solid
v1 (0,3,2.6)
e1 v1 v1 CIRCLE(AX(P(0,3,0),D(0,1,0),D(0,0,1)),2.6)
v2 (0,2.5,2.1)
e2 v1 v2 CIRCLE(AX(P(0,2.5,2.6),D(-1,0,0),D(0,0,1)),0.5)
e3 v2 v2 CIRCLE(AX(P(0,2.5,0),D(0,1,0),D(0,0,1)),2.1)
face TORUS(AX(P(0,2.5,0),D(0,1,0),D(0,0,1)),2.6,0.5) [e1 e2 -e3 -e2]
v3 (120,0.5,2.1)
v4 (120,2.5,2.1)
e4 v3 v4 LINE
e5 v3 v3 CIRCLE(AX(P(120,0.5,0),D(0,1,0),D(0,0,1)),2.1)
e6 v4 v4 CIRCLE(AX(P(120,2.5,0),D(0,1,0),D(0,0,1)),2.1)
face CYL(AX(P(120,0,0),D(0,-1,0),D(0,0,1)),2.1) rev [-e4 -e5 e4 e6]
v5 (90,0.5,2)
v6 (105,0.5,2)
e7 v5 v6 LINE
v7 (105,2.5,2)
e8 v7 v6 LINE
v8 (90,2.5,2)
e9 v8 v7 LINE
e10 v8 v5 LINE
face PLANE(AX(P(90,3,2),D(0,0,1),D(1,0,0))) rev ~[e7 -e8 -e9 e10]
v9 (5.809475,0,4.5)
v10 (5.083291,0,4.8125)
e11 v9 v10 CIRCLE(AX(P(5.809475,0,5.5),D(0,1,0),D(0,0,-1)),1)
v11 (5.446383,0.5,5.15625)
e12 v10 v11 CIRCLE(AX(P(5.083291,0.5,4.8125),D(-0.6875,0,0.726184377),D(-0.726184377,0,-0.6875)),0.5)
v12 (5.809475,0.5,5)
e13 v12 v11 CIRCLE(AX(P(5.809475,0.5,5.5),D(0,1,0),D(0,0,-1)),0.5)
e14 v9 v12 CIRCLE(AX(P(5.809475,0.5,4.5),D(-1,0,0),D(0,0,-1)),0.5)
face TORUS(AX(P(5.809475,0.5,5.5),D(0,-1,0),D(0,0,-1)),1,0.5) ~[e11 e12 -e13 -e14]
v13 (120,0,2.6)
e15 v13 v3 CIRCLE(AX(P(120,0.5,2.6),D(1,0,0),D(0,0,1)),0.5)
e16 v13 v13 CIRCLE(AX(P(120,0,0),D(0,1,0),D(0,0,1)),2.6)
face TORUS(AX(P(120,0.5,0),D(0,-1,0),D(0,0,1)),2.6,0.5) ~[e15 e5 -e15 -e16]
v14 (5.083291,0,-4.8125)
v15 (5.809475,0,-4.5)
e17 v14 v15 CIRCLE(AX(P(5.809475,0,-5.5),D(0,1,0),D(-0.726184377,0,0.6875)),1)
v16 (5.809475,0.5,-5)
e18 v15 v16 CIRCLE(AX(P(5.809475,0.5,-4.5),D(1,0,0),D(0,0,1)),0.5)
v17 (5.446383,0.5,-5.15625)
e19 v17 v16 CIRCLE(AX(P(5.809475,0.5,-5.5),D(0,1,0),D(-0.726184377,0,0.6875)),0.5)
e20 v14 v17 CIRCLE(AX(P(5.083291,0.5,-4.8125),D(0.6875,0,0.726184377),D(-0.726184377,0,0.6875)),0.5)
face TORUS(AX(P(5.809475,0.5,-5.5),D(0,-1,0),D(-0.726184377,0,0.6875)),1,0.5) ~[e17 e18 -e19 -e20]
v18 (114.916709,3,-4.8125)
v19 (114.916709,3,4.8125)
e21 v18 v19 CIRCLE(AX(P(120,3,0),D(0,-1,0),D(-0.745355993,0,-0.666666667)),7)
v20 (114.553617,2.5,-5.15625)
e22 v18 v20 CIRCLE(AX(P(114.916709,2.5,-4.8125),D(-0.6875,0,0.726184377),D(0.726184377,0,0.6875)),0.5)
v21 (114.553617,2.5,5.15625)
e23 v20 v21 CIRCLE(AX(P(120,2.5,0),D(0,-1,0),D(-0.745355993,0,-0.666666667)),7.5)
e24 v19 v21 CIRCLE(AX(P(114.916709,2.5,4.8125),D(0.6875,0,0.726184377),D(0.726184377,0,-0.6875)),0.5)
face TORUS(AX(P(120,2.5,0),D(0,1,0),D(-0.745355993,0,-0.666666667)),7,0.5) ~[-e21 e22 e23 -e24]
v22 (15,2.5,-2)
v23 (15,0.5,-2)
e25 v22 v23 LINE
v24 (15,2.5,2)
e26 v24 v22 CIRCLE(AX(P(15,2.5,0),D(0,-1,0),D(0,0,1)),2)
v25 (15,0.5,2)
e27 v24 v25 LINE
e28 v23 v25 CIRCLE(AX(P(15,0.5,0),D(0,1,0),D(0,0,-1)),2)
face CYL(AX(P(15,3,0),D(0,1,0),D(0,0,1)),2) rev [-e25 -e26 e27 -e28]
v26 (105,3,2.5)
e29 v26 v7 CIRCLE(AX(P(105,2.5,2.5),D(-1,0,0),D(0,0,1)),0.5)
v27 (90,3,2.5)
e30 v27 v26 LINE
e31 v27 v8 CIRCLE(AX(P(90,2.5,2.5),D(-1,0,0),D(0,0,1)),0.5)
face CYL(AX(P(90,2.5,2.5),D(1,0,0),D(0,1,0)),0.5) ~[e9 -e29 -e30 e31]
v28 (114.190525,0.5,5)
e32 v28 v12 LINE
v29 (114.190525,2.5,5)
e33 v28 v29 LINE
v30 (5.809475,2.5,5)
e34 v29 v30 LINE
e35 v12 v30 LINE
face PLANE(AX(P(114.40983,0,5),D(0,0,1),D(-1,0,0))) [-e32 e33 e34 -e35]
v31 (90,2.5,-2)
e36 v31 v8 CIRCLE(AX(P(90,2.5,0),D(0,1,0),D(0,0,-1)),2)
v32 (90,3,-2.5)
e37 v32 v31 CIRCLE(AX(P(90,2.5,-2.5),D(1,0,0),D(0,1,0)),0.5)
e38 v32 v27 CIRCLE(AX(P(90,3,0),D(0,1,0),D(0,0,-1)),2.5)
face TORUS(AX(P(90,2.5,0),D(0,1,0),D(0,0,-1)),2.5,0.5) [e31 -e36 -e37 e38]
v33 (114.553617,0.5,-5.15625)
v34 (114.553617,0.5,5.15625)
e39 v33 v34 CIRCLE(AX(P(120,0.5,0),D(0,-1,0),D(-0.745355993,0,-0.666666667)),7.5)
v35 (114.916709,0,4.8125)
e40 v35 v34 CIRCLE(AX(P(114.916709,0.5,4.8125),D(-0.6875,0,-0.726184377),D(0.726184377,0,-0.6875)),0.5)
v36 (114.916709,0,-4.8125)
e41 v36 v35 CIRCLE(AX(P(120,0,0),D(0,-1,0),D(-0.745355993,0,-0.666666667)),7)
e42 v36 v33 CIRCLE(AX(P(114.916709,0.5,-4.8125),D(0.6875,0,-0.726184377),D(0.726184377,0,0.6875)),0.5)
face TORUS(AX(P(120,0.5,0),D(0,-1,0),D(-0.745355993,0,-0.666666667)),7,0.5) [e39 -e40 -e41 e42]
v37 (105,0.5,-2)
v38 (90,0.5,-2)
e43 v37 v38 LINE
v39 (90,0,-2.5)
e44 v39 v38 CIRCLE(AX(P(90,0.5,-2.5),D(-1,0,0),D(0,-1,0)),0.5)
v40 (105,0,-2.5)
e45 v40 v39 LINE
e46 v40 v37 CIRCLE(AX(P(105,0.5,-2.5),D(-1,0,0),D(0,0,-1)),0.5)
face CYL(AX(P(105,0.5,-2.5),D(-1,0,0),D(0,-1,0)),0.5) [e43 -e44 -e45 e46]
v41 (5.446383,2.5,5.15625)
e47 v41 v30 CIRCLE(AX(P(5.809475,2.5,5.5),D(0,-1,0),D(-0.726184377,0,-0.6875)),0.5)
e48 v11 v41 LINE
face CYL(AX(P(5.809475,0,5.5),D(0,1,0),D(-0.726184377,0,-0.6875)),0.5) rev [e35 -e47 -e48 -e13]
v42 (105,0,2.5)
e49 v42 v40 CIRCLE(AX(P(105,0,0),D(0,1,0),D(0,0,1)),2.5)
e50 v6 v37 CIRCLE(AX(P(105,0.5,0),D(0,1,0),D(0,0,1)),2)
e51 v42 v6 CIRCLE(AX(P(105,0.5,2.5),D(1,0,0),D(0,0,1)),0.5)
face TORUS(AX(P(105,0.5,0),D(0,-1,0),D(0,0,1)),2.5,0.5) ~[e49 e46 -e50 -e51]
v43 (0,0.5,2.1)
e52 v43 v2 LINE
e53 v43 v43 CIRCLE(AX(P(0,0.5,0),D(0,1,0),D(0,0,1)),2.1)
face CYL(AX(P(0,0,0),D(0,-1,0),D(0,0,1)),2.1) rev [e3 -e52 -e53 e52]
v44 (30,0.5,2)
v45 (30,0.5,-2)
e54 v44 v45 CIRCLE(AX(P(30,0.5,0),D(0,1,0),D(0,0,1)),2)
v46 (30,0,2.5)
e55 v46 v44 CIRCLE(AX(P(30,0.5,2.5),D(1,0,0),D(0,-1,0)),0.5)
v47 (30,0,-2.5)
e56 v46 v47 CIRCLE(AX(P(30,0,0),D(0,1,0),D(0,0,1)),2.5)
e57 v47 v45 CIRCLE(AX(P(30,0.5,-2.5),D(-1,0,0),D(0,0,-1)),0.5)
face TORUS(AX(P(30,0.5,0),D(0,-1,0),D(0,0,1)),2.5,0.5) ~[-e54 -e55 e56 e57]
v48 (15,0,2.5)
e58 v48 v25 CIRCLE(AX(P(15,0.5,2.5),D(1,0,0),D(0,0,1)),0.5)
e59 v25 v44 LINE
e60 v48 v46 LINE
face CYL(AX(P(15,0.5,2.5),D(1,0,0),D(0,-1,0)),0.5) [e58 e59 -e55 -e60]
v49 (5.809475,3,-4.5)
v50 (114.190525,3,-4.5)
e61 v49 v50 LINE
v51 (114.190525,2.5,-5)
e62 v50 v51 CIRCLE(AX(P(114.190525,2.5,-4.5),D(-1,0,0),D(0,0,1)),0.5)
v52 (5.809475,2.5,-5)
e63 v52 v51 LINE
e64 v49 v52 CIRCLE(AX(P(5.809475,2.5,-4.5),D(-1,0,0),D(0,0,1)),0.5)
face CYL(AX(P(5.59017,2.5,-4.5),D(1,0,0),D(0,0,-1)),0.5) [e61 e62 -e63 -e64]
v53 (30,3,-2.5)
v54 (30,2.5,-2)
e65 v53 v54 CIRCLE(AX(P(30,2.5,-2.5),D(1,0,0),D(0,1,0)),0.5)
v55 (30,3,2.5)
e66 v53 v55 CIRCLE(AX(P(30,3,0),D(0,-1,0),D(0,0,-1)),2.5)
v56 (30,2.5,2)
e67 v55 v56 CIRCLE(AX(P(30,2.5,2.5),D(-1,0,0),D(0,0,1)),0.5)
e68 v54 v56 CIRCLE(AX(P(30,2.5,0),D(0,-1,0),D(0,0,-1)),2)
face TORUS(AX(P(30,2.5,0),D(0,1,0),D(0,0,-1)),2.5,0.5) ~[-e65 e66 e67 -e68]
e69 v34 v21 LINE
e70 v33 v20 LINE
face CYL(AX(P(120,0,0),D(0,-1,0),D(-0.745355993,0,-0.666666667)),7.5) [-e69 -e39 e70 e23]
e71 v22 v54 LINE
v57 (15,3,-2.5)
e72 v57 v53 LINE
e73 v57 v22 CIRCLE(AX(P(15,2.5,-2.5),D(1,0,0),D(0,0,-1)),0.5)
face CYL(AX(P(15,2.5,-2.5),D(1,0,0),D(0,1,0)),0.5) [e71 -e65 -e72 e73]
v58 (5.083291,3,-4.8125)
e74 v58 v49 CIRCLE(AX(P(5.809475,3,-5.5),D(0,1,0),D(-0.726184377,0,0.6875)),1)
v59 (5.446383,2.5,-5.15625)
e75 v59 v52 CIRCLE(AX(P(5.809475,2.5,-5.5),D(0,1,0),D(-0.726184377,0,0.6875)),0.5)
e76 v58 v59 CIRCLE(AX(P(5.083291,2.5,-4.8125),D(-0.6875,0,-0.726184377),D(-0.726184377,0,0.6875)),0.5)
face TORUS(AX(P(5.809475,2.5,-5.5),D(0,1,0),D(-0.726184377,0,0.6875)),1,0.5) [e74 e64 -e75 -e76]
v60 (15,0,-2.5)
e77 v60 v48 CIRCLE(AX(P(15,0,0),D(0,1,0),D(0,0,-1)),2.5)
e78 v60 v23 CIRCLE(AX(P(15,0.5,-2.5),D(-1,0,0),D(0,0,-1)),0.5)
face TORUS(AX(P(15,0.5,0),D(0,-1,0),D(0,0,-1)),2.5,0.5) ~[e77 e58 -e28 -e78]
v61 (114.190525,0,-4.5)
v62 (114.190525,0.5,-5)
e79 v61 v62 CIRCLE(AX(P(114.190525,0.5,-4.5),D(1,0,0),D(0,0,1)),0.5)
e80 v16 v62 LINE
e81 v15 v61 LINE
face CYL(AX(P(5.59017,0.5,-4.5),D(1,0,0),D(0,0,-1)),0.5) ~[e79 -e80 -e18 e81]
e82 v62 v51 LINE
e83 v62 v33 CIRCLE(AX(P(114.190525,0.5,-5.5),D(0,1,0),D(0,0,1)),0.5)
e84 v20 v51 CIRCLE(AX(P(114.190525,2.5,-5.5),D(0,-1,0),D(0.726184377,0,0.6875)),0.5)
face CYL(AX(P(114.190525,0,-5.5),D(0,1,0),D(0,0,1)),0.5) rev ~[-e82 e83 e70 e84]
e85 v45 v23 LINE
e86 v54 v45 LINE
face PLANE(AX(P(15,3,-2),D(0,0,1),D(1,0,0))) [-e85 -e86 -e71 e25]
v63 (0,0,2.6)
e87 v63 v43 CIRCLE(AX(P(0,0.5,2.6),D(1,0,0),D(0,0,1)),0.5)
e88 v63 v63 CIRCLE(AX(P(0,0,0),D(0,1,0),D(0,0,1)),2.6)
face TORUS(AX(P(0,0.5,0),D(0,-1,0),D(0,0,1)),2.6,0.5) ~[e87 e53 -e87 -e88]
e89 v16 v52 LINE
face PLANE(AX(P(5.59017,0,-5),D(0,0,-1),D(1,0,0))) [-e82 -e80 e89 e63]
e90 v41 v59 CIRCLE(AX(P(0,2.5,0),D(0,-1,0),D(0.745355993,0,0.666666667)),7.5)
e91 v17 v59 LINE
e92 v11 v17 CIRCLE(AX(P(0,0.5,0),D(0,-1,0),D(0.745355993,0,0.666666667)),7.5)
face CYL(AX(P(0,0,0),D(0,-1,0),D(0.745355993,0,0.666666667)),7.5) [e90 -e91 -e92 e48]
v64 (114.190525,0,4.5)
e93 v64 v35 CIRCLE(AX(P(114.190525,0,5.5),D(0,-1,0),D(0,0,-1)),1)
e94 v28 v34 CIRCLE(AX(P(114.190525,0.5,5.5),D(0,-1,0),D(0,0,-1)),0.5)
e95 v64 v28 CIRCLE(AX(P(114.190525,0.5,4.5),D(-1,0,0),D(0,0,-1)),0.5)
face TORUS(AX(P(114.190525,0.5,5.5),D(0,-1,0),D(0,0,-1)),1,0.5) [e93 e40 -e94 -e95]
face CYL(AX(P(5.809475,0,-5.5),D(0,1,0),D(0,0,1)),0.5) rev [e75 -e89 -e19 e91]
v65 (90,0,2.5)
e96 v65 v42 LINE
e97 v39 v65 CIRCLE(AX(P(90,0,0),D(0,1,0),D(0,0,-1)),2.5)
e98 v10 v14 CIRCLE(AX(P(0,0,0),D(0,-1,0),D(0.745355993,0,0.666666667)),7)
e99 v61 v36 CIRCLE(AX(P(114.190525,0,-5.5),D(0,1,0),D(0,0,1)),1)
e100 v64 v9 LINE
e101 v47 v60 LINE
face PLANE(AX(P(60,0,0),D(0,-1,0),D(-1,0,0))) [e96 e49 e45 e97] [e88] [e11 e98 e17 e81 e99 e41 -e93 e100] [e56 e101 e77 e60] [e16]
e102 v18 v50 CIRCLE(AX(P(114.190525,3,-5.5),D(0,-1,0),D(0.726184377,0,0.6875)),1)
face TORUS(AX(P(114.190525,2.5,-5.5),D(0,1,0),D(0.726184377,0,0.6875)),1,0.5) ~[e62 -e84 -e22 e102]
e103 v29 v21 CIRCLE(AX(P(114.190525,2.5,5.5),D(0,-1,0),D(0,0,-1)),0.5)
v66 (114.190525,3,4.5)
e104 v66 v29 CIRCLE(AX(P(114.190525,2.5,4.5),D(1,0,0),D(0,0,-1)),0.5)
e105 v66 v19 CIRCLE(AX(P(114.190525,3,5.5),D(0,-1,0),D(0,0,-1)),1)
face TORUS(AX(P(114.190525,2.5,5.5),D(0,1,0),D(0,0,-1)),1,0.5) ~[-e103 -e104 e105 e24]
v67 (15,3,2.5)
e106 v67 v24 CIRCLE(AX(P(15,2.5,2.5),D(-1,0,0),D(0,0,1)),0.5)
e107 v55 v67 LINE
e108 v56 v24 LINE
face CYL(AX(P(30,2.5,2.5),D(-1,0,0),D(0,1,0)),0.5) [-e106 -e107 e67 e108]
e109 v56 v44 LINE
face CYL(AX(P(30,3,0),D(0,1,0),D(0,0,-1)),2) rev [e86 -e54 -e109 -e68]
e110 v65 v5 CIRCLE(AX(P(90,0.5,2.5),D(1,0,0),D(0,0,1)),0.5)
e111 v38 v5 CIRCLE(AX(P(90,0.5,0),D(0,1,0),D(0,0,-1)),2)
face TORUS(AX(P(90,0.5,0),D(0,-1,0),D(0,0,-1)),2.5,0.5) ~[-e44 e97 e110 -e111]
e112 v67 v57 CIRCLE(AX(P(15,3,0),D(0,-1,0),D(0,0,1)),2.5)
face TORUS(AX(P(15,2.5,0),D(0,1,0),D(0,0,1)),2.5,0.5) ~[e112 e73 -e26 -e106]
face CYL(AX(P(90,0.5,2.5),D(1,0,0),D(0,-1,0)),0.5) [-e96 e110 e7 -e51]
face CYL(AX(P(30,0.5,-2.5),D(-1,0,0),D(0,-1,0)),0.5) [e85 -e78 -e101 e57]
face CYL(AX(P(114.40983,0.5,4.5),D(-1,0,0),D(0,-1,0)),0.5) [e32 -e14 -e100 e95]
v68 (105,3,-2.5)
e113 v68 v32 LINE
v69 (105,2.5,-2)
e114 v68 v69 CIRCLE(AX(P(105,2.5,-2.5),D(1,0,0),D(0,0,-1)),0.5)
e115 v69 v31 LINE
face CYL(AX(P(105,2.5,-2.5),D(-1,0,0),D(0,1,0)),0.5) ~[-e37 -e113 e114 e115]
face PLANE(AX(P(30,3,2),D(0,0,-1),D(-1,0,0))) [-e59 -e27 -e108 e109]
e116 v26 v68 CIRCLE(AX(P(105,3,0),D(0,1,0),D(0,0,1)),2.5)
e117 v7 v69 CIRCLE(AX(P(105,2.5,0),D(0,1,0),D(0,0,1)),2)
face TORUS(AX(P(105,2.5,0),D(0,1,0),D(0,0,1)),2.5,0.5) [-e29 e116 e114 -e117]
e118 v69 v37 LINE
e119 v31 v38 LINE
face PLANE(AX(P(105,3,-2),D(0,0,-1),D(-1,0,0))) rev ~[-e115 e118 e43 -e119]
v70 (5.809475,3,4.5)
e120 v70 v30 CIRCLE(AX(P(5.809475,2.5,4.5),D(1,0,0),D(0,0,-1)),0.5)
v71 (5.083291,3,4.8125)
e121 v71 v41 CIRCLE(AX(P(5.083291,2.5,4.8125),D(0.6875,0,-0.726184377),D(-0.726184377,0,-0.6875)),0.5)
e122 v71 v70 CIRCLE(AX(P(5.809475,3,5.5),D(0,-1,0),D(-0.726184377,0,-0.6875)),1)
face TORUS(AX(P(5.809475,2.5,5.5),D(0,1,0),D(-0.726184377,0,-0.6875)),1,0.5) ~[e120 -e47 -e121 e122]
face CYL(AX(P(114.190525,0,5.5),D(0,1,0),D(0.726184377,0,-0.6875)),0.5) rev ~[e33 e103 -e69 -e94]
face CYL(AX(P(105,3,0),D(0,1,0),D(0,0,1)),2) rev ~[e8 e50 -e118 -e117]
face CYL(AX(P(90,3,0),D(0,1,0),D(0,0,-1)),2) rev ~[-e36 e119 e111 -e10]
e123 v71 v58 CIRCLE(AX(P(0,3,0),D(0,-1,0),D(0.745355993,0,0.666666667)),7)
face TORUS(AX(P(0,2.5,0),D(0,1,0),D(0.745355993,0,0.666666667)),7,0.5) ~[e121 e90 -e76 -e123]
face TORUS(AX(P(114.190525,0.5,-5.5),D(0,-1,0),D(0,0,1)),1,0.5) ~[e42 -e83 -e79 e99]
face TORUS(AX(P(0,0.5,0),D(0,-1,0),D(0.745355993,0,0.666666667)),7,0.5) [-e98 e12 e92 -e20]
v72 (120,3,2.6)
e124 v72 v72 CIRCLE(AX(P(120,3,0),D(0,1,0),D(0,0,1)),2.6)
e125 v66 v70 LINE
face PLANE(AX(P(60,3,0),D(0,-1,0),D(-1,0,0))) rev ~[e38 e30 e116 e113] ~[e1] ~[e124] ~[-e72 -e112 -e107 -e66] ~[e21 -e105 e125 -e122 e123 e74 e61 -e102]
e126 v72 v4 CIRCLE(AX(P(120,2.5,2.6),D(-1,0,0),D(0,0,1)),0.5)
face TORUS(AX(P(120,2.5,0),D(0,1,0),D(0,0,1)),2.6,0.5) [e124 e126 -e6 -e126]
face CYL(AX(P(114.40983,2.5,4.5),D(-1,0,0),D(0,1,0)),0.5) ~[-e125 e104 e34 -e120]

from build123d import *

# Parameters (mm, degrees)
SKETCH1_R           = 2.1
BOSS_EXTRUDE1_DEPTH = 3
CUT_EXTRUDE1_DEPTH  = 128.755626099
FILLET1_R           = 0.5


with BuildPart() as part:
    # Sketch1 → Boss-Extrude1 (new body)
    with BuildSketch(Plane(origin=(0, 0, 0), x_dir=(1, 0, 0), z_dir=(0, 1, 0))):
        with BuildLine():
            Line((5.590169944, 5), (114.409830056, 5))
            ThreePointArc((114.409830056, 5), (127.5, 0), (114.409830056, -5))
            Line((114.409830056, -5), (5.590169944, -5))
            ThreePointArc((5.590169944, -5), (-7.5, 0), (5.590169944, 5))
        make_face()
        with Locations(Location((0, 0, 0), (0, 0, 270))):
            Circle(SKETCH1_R, mode=Mode.SUBTRACT)
        with Locations(Location((120, 0, 0), (0, 0, 270))):
            Circle(SKETCH1_R, mode=Mode.SUBTRACT)
    extrude(amount=BOSS_EXTRUDE1_DEPTH)

    # Sketch2 → Cut-Extrude1 (cut, through all)
    with BuildSketch(Plane(origin=(0, 3, 0), x_dir=(1, 0, 0), z_dir=(0, 1, 0))):
        with BuildLine():
            Line((15, 2), (30, 2))
            ThreePointArc((30, 2), (32, 0), (30, -2))
            Line((30, -2), (15, -2))
            ThreePointArc((15, -2), (13, 0), (15, 2))
        make_face()
        with BuildLine():
            Line((105, 2), (90, 2))
            ThreePointArc((90, 2), (88, 0), (90, -2))
            Line((90, -2), (105, -2))
            ThreePointArc((105, -2), (107, 0), (105, 2))
        make_face()
    extrude(amount=-CUT_EXTRUDE1_DEPTH, mode=Mode.SUBTRACT)

    # Fillet1
    fillet1_edges = [part.edges().sort_by_distance(p)[0] for p in [
        (-7.5, 3, 0),
        (0, 0, -2.1),
        (0, 3, -2.1),
        (60, 3, 5),
        (120, 0, -2.1),
        (120, 3, -2.1),
        (13, 0, 0),
        (22.5, 0, -2),
        (32, 0, 0),
        (22.5, 0, 2),
        (13, 3, 0),
        (22.5, 3, 2),
        (32, 3, 0),
        (22.5, 3, -2),
        (127.5, 3, 0),
        (107, 0, 0),
        (97.5, 0, 2),
        (88, 0, 0),
        (97.5, 0, -2),
        (107, 3, 0),
        (97.5, 3, -2),
        (88, 3, 0),
        (97.5, 3, 2),
        (60, 0, 5),
        (-7.5, 0, 0),
        (60, 0, -5),
        (127.5, 0, 0),
        (60, 3, -5),
        (114.409830056, 1.5, 5),
        (5.590169944, 1.5, 5),
        (5.590169944, 1.5, -5),
        (114.409830056, 1.5, -5),
    ]]
    fillet(fillet1_edges, radius=FILLET1_R)


solid = part.part
